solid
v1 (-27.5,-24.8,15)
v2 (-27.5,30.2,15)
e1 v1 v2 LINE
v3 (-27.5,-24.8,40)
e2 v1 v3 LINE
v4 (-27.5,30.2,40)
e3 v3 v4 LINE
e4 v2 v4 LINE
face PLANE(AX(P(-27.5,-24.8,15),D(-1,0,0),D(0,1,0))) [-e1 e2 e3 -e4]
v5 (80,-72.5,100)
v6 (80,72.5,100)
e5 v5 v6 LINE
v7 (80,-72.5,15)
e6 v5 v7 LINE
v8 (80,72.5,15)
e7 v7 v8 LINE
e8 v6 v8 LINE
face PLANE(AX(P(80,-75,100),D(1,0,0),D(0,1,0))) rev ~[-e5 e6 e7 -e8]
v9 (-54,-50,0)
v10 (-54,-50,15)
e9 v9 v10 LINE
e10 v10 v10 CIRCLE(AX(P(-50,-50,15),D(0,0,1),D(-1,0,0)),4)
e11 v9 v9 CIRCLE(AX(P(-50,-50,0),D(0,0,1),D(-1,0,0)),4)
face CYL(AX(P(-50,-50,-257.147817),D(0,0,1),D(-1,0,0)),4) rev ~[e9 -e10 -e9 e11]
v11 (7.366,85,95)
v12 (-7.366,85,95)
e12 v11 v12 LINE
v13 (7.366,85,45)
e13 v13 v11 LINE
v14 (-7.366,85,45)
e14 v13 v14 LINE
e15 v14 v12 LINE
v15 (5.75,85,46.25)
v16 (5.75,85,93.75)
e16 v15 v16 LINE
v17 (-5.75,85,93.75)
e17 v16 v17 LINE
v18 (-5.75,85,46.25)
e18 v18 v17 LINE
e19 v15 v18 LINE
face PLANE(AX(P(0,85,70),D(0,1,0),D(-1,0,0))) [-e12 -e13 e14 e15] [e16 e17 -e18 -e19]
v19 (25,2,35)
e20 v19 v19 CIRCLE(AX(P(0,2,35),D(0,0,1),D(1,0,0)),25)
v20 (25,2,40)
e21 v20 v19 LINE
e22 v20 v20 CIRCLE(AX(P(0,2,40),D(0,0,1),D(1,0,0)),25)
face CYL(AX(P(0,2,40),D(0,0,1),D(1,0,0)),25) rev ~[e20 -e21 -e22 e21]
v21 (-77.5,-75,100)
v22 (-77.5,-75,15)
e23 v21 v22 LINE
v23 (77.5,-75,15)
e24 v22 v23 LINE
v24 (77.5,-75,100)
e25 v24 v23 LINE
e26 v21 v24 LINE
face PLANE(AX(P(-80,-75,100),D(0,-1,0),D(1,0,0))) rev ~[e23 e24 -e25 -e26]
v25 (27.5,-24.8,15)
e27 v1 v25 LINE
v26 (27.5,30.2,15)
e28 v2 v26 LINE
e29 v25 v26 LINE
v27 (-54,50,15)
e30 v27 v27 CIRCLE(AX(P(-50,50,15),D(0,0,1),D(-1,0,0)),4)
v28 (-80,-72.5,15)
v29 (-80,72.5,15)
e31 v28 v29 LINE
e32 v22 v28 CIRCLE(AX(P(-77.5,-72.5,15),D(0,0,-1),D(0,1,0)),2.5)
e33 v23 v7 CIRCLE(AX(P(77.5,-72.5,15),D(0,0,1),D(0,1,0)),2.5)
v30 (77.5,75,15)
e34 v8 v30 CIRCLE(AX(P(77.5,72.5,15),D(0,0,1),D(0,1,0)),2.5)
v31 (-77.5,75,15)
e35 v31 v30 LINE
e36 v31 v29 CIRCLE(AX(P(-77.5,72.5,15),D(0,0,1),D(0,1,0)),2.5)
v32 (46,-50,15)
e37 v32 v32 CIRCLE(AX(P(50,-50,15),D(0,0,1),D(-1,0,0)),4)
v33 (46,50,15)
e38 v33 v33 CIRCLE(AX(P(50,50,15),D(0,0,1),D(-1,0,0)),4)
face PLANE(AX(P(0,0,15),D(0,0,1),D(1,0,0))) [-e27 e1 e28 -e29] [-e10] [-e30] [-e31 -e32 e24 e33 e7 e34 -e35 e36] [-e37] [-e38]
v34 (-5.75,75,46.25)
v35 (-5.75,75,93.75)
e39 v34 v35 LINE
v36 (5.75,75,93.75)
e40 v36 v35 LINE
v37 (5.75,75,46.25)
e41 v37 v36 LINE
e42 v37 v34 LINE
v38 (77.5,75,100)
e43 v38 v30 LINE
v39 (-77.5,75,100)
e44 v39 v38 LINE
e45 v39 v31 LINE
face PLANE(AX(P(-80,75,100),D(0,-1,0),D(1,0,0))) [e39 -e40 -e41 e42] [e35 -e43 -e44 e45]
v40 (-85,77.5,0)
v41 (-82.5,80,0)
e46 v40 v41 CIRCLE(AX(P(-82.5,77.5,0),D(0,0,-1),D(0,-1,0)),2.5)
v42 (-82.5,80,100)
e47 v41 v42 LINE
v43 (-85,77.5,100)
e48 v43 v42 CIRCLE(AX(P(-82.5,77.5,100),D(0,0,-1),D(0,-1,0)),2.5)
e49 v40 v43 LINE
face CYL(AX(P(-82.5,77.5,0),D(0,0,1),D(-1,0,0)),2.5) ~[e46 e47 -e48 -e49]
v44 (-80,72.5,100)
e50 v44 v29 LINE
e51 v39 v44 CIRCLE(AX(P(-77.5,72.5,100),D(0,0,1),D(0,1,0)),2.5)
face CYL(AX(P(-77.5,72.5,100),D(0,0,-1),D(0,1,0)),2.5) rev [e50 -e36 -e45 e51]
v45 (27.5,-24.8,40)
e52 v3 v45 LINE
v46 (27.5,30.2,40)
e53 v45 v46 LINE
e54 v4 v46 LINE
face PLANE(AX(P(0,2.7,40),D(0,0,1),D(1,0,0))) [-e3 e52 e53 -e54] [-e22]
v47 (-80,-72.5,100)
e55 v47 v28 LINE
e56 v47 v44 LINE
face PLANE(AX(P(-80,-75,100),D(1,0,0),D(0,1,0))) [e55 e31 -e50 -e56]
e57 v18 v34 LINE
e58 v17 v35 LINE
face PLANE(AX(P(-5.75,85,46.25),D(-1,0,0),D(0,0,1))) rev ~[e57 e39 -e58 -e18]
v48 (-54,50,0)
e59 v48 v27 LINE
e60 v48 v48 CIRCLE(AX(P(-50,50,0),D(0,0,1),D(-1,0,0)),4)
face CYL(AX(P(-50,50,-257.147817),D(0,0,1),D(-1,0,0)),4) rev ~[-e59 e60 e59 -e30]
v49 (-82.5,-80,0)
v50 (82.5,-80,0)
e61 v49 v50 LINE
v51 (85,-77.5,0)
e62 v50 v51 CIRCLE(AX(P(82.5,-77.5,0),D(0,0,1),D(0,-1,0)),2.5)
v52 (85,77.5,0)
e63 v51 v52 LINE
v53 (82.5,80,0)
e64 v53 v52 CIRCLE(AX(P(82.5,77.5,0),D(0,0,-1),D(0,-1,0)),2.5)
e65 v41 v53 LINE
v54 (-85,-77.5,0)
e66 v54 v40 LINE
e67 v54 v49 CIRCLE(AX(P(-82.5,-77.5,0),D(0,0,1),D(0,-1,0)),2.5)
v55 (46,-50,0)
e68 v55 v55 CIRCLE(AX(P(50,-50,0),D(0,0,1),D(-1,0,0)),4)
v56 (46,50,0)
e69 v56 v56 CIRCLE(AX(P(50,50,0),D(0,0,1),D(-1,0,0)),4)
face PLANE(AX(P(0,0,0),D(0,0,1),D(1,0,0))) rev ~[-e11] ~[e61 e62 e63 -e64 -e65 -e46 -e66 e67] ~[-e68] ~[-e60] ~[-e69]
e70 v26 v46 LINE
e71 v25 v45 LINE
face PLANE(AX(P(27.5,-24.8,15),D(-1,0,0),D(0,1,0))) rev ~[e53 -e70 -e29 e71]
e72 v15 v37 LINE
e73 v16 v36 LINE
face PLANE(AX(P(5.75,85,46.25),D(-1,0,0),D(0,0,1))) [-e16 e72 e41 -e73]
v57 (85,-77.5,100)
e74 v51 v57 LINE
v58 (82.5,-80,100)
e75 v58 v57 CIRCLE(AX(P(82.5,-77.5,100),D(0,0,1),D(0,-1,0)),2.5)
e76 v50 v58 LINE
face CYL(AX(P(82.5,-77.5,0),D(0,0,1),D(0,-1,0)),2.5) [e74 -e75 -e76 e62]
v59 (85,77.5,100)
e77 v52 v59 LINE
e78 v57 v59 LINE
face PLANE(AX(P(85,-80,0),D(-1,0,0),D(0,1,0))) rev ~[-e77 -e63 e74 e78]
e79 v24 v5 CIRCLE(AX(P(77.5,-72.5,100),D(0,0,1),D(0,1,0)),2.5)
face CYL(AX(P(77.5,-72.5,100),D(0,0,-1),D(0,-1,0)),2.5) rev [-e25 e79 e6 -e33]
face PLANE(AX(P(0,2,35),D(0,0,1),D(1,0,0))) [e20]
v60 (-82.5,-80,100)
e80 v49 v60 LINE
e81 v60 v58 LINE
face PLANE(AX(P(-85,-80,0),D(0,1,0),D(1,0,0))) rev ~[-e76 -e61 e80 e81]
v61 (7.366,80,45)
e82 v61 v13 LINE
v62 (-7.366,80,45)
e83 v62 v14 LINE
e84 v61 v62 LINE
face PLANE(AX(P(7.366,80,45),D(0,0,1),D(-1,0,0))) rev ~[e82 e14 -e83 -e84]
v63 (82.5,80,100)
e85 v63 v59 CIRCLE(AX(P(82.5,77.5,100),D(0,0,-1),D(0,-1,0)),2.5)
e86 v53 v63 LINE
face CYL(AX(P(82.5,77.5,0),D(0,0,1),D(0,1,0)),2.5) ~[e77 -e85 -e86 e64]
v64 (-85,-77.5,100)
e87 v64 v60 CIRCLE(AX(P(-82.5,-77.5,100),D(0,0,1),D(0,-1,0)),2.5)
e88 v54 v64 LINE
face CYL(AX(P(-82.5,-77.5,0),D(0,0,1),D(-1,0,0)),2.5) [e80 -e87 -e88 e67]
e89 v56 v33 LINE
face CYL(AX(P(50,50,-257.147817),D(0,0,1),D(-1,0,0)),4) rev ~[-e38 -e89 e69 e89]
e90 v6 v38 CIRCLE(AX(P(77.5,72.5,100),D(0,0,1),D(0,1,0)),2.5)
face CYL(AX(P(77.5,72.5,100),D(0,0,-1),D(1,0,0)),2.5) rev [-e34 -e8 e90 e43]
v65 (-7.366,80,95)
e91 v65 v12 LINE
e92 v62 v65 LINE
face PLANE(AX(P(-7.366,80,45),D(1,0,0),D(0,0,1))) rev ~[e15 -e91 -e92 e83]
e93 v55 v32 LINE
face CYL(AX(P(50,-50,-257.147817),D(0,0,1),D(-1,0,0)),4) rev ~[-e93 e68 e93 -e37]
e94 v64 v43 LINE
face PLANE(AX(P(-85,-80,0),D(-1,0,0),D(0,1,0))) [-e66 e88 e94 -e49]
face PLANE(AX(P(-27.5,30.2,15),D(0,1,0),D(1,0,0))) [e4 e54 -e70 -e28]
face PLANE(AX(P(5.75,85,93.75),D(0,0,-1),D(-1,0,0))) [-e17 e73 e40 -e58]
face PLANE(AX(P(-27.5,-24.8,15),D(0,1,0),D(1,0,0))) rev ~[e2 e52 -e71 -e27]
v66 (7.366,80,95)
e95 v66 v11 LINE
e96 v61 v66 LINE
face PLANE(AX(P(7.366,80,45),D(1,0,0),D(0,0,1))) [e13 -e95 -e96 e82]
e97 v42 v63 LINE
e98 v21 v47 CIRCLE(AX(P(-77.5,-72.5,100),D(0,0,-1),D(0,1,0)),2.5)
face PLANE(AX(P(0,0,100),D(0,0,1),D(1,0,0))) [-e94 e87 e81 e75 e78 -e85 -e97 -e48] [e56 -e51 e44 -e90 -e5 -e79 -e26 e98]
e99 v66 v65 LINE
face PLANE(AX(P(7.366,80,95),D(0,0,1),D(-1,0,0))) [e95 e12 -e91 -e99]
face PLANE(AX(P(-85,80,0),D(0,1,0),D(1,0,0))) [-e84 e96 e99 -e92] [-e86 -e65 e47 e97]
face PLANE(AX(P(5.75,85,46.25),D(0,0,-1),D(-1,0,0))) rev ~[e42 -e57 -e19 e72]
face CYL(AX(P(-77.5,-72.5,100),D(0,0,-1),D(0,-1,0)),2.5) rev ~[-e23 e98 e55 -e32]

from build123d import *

# Parameters (mm, degrees)
F0_W      = 170
F0_H      = 160
F1_DEPTH  = 100
F2_W      = 160
F2_H      = 150
F3_DEPTH  = 85
F4_W      = 14.732
F4_H      = 50
F5_DEPTH  = 5
F6_W      = 11.5
F6_H      = 47.5
F7_DEPTH  = 10
F8_R      = 2.5
F9_W      = 55
F9_H      = 55
F10_DEPTH = 25
F11_R     = 25
F12_DEPTH = 5
F14_D     = 8


with BuildPart() as f1:
    # F0 (on Top) → F1 (new body)
    with BuildSketch(Plane.XY):
        Rectangle(F0_W, F0_H)
    extrude(amount=F1_DEPTH)

    # F2 (on face) → F3 (cut)
    with BuildSketch(Plane.XY.offset(100)):
        Rectangle(F2_W, F2_H)
    extrude(amount=-F3_DEPTH, mode=Mode.SUBTRACT)

    # F4 (on face) → F5 (join)
    with BuildSketch(Plane(origin=(0, 80, 0), x_dir=(-1, 0, 0), z_dir=(0, 1, 0))):
        with Locations((0, 70)):
            Rectangle(F4_W, F4_H)
    extrude(amount=F5_DEPTH)

    # F6 (on face) → F7 (cut, through all)
    with BuildSketch(Plane(origin=(0, 85, 0), x_dir=(-1, 0, 0), z_dir=(0, 1, 0))):
        with Locations((0, 70)):
            Rectangle(F6_W, F6_H)
    extrude(amount=-F7_DEPTH, mode=Mode.SUBTRACT)

    # F8
    f8_edges = [f1.edges().sort_by_distance(p)[0] for p in [
        (85, -80, 50),
        (-85, -80, 50),
        (85, 80, 50),
        (-85, 80, 50),
        (80, 75, 57.5),
        (-80, 75, 57.5),
        (-80, -75, 57.5),
        (80, -75, 57.5),
    ]]
    fillet(f8_edges, radius=F8_R)

    # F9 (on face) → F10 (join)
    with BuildSketch(Plane.XY.offset(15)):
        with Locations((0, 2.7)):
            Rectangle(F9_W, F9_H)
    extrude(amount=F10_DEPTH)

    # F11 (on face) → F12 (cut)
    with BuildSketch(Plane.XY.offset(40)):
        with Locations((0, 2)):
            Circle(F11_R)
    extrude(amount=-F12_DEPTH, mode=Mode.SUBTRACT)

    # F14 (through all)
    with Locations(Plane(origin=(0, 0, 0), x_dir=(1, 0, 0), z_dir=(0, 0, -1))):
        with Locations((-50, 50), (50, 50), (50, -50), (-50, -50)):
            Hole(F14_D / 2)


solid = f1.part
